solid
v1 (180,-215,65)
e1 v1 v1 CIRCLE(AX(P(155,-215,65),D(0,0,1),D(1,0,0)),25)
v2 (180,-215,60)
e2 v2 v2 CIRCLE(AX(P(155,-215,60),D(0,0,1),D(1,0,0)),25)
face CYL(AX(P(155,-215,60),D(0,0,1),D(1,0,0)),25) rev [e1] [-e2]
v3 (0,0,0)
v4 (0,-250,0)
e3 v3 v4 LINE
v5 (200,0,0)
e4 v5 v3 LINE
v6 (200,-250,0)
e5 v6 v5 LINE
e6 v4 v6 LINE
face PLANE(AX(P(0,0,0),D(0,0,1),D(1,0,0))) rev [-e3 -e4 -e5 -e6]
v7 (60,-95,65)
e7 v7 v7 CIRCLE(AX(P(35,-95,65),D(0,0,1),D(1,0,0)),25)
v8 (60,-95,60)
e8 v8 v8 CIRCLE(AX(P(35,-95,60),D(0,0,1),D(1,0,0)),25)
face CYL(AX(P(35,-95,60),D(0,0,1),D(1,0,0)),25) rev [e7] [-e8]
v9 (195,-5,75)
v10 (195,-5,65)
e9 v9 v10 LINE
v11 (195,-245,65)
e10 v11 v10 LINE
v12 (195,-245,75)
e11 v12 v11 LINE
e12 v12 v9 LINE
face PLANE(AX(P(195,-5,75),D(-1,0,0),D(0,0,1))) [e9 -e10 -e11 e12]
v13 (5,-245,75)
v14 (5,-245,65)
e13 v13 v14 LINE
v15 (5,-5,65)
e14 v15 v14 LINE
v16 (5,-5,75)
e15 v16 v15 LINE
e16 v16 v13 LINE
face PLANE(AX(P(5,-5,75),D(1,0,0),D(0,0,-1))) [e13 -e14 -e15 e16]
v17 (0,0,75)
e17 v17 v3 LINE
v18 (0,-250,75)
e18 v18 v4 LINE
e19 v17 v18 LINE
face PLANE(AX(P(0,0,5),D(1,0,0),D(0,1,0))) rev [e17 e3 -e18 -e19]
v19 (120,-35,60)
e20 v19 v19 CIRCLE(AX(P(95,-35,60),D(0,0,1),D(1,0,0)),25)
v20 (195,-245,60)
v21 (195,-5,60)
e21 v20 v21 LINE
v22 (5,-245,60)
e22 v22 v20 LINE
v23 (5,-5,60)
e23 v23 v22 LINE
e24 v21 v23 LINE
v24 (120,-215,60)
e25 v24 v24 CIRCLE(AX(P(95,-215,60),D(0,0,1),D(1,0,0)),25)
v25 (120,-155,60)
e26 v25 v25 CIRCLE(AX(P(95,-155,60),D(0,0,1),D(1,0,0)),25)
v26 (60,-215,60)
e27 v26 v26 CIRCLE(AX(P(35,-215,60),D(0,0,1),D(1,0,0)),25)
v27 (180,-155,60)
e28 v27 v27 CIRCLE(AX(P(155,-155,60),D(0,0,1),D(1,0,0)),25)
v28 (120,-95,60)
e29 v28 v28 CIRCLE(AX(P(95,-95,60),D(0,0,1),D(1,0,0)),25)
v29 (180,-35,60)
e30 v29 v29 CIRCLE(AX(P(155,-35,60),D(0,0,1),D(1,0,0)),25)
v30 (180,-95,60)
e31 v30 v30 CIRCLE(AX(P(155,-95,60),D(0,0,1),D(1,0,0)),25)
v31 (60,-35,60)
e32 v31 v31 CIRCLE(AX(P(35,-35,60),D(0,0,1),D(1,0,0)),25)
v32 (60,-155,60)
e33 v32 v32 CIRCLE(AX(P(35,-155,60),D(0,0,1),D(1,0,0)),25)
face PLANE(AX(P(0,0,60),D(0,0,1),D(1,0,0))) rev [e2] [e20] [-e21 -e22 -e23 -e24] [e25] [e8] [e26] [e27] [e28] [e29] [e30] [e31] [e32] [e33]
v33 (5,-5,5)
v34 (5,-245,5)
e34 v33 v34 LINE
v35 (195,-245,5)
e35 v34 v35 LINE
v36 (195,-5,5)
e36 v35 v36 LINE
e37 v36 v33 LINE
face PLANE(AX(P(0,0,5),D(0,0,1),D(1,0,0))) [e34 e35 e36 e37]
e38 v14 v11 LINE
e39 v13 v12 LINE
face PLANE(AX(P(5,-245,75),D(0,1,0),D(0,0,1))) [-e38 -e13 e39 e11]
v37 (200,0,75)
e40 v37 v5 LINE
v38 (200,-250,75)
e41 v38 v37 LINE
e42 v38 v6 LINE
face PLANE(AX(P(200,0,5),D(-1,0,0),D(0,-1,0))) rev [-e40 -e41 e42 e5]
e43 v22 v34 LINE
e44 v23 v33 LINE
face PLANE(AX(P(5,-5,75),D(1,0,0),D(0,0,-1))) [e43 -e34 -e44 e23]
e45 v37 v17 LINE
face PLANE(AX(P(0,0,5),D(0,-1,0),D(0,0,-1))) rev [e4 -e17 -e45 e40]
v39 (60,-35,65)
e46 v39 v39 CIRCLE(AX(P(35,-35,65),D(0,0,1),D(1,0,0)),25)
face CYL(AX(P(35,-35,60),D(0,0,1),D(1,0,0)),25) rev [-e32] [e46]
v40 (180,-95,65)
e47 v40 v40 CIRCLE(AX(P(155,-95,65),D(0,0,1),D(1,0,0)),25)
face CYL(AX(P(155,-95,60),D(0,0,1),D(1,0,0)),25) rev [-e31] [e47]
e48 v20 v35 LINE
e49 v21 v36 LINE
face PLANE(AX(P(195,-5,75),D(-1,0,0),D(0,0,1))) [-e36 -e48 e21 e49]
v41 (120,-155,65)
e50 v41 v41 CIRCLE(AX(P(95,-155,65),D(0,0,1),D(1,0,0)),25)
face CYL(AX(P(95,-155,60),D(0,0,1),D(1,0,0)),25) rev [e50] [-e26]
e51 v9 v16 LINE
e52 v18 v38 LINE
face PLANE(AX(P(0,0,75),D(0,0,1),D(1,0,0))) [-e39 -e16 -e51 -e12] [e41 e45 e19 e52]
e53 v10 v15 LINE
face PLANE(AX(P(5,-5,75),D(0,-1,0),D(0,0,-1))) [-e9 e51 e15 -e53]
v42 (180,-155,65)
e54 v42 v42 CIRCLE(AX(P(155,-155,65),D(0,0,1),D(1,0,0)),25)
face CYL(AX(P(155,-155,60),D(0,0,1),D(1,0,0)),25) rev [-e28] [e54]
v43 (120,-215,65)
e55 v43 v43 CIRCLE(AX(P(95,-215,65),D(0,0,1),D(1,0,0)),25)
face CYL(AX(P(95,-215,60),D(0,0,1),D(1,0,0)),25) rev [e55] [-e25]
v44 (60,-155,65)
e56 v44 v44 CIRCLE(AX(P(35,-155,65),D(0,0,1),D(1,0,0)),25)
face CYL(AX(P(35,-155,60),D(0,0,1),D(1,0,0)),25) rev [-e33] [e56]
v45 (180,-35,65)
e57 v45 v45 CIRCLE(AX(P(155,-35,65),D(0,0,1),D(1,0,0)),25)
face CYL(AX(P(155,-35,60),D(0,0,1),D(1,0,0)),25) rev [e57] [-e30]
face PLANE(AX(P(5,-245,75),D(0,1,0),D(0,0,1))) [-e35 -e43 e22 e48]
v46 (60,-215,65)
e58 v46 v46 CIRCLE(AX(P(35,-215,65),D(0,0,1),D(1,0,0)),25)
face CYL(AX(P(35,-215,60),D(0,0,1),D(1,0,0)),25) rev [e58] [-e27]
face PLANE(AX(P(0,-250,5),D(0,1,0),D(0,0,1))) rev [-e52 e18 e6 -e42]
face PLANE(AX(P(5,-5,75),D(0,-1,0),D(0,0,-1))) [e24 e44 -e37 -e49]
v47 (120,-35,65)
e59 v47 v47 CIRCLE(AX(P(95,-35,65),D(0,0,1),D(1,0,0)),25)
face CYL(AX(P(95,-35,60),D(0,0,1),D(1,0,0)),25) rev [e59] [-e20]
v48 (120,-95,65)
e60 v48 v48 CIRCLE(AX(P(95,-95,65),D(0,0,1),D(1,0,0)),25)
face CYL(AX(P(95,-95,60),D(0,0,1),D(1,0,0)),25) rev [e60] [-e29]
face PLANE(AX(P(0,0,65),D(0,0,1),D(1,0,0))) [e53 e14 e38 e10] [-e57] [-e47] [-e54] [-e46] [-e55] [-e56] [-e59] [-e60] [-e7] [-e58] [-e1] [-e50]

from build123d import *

# Parameters (mm, degrees)
SKETCH1_W           = 200
SKETCH1_H           = 250
BOSS_EXTRUDE1_DEPTH = 5
SKETCH2_W           = 200
SKETCH2_H           = 250
SKETCH2_W_2         = 190
SKETCH2_H_2         = 240
BOSS_EXTRUDE2_DEPTH = 70
BOSS_EXTRUDE3_START = -15
SKETCH3_W           = 190
SKETCH3_H           = 240
BOSS_EXTRUDE3_DEPTH = 5
SKETCH4_R           = 25
CUT_EXTRUDE1_DEPTH  = 5


with BuildPart() as part:
    # Sketch1 → Boss-Extrude1 (new body)
    with BuildSketch(Plane.XY):
        with Locations((100, -125)):
            Rectangle(SKETCH1_W, SKETCH1_H)
    extrude(amount=BOSS_EXTRUDE1_DEPTH)

    # Sketch2 → Boss-Extrude2 (add)
    with BuildSketch(Plane.XY.offset(5)):
        with Locations((100, -125)):
            Rectangle(SKETCH2_W, SKETCH2_H)
        with Locations((100, -125)):
            Rectangle(SKETCH2_W_2, SKETCH2_H_2, mode=Mode.SUBTRACT)
    extrude(amount=BOSS_EXTRUDE2_DEPTH)

    # Sketch3 → Boss-Extrude3 (add)
    with BuildSketch(Plane.XY.offset(75).offset(BOSS_EXTRUDE3_START)):
        with Locations((100, -125)):
            Rectangle(SKETCH3_W, SKETCH3_H)
    extrude(amount=BOSS_EXTRUDE3_DEPTH)

    # Sketch4 → Cut-Extrude1 (cut)
    with BuildSketch(Plane.XY.offset(65)):
        with Locations((35, -35)):
            Circle(SKETCH4_R)
        with Locations((95, -35)):
            Circle(SKETCH4_R)
        with Locations((155, -35)):
            Circle(SKETCH4_R)
        with Locations((95, -95)):
            Circle(SKETCH4_R)
        with Locations((155, -95)):
            Circle(SKETCH4_R)
        with Locations((95, -155)):
            Circle(SKETCH4_R)
        with Locations((155, -155)):
            Circle(SKETCH4_R)
        with Locations((95, -215)):
            Circle(SKETCH4_R)
        with Locations((155, -215)):
            Circle(SKETCH4_R)
        with Locations((35, -95)):
            Circle(SKETCH4_R)
        with Locations((35, -155)):
            Circle(SKETCH4_R)
        with Locations((35, -215)):
            Circle(SKETCH4_R)
    extrude(amount=-CUT_EXTRUDE1_DEPTH, mode=Mode.SUBTRACT)


solid = part.part
